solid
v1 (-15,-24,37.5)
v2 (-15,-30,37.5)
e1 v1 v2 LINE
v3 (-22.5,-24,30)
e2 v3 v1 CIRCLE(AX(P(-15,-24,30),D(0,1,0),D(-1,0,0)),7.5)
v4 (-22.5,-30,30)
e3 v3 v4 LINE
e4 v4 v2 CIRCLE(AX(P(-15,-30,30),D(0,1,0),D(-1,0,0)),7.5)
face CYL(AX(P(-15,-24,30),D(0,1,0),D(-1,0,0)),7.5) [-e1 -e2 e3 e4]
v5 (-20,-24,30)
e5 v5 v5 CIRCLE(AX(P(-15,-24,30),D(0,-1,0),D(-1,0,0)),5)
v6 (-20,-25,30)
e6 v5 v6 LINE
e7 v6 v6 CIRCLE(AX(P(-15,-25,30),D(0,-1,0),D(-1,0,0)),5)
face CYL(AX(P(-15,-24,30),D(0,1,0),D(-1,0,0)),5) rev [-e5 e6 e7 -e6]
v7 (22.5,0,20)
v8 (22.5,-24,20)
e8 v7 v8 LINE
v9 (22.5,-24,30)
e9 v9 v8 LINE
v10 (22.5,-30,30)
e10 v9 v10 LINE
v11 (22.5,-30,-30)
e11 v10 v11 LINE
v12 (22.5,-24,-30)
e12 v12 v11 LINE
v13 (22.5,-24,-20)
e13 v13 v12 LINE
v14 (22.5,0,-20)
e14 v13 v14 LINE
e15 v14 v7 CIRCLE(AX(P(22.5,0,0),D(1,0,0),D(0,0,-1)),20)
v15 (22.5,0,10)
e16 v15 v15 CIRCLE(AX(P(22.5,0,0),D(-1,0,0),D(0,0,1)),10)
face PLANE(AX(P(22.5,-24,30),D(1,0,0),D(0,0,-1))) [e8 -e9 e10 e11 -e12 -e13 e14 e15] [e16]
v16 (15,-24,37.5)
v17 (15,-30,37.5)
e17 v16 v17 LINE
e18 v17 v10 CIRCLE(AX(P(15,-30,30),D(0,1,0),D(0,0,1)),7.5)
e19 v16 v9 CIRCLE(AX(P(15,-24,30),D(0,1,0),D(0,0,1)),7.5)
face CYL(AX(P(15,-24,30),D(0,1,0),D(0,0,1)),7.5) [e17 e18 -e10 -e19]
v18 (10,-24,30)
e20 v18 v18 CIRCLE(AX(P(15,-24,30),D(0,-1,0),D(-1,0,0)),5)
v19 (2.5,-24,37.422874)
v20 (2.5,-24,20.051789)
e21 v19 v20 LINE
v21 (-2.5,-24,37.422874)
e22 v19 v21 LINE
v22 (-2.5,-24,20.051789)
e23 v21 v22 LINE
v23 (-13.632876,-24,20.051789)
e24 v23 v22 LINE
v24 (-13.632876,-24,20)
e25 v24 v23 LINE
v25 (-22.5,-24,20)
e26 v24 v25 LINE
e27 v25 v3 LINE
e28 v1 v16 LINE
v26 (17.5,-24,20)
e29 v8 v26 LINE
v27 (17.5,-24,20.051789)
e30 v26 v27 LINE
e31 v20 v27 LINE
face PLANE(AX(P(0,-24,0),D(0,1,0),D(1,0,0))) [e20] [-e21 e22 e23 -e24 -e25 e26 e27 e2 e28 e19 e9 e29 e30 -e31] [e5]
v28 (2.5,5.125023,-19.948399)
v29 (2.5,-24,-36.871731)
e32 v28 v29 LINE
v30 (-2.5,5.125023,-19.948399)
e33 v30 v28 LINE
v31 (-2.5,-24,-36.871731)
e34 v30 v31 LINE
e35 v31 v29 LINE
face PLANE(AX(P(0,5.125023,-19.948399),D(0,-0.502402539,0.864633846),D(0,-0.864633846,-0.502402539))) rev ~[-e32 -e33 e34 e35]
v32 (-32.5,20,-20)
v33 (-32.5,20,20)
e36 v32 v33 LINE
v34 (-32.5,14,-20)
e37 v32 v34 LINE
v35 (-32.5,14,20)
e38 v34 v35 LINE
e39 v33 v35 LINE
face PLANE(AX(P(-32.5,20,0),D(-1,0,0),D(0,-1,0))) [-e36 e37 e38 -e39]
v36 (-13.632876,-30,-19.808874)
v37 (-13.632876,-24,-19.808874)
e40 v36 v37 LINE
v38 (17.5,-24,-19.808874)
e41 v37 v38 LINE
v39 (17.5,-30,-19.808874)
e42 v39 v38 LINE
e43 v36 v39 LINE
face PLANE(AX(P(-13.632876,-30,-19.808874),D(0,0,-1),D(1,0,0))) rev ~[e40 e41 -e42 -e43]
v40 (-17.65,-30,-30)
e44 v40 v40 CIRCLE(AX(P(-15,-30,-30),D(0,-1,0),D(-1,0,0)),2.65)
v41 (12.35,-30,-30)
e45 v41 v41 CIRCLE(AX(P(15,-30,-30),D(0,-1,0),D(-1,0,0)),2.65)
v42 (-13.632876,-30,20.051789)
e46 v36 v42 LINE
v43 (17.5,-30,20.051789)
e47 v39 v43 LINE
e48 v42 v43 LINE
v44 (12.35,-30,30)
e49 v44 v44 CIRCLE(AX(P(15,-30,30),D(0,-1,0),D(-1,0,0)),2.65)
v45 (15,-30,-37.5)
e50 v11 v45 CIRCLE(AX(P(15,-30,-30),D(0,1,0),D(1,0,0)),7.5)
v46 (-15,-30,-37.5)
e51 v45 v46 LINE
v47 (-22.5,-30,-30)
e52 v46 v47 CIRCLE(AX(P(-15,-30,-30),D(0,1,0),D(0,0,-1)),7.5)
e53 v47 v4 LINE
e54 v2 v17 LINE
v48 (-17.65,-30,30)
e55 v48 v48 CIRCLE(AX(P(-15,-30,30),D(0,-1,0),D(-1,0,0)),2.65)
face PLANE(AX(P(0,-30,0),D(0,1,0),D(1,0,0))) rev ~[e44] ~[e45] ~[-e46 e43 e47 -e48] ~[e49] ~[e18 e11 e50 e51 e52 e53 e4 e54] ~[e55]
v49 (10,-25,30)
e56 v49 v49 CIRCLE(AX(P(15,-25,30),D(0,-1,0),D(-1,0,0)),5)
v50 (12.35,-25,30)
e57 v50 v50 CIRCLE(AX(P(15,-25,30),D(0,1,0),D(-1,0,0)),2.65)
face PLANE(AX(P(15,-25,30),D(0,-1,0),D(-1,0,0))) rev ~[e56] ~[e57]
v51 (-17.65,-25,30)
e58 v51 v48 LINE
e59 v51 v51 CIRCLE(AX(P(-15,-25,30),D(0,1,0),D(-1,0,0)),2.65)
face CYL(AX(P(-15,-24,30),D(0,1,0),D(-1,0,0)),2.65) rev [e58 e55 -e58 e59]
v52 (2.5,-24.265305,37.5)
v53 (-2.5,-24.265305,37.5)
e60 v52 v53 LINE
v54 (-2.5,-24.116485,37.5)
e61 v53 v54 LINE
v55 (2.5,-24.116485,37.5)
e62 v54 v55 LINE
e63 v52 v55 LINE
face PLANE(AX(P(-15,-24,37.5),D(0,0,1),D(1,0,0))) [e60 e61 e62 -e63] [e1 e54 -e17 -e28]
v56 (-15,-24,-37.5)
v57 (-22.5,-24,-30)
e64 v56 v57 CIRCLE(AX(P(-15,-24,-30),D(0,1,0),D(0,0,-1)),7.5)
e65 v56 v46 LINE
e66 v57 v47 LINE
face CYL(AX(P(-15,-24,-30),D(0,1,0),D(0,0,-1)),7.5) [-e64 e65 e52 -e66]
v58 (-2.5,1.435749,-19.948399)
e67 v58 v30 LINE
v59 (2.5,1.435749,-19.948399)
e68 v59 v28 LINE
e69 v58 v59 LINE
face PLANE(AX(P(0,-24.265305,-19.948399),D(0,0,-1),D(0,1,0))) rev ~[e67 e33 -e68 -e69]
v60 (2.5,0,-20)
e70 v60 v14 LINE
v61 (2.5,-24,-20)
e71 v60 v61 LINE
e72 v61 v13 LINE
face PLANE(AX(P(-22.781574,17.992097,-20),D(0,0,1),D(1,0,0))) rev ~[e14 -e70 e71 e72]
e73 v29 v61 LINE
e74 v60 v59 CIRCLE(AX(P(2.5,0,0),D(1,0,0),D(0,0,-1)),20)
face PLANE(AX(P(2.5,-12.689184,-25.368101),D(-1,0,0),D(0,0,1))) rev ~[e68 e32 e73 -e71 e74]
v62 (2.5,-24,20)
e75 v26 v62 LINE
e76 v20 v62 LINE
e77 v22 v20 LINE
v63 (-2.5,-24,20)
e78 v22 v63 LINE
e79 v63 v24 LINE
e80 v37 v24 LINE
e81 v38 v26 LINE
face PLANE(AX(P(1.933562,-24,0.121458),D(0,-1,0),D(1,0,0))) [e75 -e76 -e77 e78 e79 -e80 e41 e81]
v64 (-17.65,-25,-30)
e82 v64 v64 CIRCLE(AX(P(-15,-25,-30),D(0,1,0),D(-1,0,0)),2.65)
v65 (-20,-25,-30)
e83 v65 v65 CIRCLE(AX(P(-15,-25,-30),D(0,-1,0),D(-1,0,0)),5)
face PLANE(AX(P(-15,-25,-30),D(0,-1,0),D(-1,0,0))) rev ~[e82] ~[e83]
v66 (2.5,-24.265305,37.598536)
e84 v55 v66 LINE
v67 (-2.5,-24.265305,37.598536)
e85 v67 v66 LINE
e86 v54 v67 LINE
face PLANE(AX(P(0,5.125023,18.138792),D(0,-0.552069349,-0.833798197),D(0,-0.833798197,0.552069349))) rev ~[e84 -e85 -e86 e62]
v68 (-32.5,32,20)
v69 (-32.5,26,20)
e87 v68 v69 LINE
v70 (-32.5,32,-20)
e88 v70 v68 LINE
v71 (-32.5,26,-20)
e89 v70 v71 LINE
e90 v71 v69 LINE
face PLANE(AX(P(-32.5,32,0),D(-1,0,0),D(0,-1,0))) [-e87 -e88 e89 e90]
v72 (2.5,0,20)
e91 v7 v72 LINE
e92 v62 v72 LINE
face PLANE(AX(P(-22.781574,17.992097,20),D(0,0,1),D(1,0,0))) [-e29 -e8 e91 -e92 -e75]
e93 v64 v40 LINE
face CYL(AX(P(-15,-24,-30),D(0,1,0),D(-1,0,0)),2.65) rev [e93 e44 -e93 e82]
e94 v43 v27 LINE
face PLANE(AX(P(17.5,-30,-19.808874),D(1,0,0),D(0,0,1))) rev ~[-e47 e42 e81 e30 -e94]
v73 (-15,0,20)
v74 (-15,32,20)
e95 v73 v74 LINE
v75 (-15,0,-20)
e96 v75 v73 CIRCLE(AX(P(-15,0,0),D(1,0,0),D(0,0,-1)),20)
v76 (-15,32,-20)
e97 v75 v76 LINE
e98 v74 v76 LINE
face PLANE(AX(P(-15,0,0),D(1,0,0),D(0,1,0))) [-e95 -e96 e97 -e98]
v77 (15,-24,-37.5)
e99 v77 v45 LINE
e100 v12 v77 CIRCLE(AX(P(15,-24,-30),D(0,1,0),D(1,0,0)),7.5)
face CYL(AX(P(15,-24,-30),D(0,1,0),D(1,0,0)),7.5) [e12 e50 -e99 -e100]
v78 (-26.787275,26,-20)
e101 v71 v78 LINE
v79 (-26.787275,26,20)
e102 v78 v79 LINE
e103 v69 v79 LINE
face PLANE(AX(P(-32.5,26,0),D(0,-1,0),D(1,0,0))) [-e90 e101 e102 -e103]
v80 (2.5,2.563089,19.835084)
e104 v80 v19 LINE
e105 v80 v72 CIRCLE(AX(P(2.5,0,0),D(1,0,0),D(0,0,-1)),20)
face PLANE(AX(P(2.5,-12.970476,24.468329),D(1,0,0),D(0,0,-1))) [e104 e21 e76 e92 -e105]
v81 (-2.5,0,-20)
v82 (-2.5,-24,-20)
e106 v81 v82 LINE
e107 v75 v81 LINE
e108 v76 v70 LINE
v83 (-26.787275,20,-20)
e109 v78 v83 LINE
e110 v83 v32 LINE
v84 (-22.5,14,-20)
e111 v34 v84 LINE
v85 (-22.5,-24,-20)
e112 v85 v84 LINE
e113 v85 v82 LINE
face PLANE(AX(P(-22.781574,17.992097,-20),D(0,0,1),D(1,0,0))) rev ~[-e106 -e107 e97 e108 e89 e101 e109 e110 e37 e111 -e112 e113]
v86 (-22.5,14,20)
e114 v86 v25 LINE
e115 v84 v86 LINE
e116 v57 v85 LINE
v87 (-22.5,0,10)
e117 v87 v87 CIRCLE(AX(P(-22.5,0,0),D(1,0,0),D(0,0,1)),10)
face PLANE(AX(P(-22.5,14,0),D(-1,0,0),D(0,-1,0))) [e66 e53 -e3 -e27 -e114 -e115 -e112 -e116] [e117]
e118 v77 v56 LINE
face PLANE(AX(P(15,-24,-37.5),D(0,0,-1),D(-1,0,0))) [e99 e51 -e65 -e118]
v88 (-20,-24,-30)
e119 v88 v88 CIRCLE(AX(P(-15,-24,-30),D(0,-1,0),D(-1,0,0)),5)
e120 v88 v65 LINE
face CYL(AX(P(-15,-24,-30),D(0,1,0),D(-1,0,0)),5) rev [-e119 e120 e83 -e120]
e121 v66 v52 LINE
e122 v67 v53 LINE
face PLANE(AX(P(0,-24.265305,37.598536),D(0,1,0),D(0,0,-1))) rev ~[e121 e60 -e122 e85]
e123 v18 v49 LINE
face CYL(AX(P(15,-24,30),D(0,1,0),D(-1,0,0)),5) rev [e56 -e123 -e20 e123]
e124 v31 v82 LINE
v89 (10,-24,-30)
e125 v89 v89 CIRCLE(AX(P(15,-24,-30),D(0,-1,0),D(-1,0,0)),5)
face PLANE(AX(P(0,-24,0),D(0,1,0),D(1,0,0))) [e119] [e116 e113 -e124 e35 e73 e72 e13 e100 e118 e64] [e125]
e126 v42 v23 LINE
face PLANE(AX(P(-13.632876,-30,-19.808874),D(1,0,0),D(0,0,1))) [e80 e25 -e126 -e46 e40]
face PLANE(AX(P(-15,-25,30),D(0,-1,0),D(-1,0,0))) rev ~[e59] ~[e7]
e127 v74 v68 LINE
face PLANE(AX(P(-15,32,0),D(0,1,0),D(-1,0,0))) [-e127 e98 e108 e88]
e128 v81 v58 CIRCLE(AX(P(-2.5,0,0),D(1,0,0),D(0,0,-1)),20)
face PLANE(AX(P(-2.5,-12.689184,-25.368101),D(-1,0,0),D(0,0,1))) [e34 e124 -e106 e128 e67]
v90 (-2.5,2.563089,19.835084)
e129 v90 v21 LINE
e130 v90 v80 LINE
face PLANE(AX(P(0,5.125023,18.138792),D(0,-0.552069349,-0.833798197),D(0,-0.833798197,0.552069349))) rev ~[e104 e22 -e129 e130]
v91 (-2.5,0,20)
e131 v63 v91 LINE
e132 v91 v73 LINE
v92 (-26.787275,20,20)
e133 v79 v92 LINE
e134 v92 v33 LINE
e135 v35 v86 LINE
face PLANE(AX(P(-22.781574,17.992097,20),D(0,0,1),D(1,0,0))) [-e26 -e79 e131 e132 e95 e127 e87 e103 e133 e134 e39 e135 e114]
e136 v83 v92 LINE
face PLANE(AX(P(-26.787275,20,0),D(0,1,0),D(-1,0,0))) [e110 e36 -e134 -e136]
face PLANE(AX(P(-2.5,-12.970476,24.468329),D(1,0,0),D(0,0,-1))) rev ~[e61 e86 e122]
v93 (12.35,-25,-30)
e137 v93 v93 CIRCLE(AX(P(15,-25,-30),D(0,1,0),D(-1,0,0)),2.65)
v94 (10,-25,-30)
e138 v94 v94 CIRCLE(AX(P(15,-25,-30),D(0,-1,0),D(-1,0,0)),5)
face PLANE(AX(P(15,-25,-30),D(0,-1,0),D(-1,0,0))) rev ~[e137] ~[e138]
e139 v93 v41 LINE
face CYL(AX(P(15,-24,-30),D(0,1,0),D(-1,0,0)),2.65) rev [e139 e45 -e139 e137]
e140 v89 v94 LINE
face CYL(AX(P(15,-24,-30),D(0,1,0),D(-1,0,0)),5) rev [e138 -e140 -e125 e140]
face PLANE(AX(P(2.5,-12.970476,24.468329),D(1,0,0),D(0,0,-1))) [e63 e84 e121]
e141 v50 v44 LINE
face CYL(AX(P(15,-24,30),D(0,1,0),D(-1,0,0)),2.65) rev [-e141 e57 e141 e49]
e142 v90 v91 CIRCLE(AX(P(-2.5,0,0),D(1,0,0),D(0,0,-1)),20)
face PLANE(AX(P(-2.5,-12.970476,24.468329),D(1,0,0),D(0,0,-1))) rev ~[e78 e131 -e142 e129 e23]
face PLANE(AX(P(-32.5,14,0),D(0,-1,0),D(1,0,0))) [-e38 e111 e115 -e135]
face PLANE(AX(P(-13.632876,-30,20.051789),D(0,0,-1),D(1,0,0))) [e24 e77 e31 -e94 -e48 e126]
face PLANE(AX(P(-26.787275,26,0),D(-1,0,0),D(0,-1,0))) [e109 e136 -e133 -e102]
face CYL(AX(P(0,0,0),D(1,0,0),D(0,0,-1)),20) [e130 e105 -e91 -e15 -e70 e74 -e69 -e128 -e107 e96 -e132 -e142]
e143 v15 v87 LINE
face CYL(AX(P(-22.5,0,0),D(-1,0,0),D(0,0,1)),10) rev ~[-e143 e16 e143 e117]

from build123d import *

# Parameters (mm, degrees)
CROQUIS1_R              = 10
SALIENTE_EXTRUIR1_DEPTH = 22.5
CROQUIS3_R              = 2.65
SALIENTE_EXTRUIR2_DEPTH = 6
CROQUIS5_R              = 5
CORTAR_EXTRUIR1_DEPTH   = 1
SALIENTE_EXTRUIR3_DEPTH = 20
CROQUIS8_R              = 10
CORTAR_EXTRUIR2_DEPTH   = 45
SALIENTE_EXTRUIR4_DEPTH = 2.5
CROQUIS15_W             = 31.132875884
CROQUIS15_H             = 39.860662673
CORTAR_EXTRUIR3_DEPTH   = 6


with BuildPart() as part:
    # Croquis1 → Saliente-Extruir1 (new body, symmetric)
    with BuildSketch(Plane(origin=(0, 0, 0), x_dir=(0, 0, -1), z_dir=(1, 0, 0))):
        with BuildLine():
            Line((-20, -24), (20, -24))
            Line((20, -24), (20, 0))
            ThreePointArc((20, 0), (0, 20), (-20, 0))
            Line((-20, 0), (-20, -24))
        make_face()
        Circle(CROQUIS1_R, mode=Mode.SUBTRACT)
    extrude(amount=SALIENTE_EXTRUIR1_DEPTH, both=True)

    # Croquis3 → Saliente-Extruir2 (add)
    with BuildSketch(Plane(origin=(0, -24, 0), x_dir=(-1, 0, 0), z_dir=(0, -1, 0))):
        with BuildLine():
            Line((22.5, 30), (22.5, 18.749800444))
            Line((22.5, 18.749800444), (22.5, -30))
            ThreePointArc((22.5, -30), (20.303300859, -35.303300859), (15, -37.5))
            Line((15, -37.5), (-15, -37.5))
            ThreePointArc((-15, -37.5), (-20.303300859, -35.303300859), (-22.5, -30))
            Line((-22.5, -30), (-22.5, 30))
            ThreePointArc((-22.5, 30), (-20.303300859, 35.303300859), (-15, 37.5))
            Line((-15, 37.5), (15, 37.5))
            ThreePointArc((15, 37.5), (20.303300859, 35.303300859), (22.5, 30))
        make_face()
        with Locations((15, 30)):
            Circle(CROQUIS3_R, mode=Mode.SUBTRACT)
        with Locations((-15, 30)):
            Circle(CROQUIS3_R, mode=Mode.SUBTRACT)
        with Locations((15, -30)):
            Circle(CROQUIS3_R, mode=Mode.SUBTRACT)
        with Locations((-15, -30)):
            Circle(CROQUIS3_R, mode=Mode.SUBTRACT)
    extrude(amount=SALIENTE_EXTRUIR2_DEPTH)

    # Croquis5 → Cortar-Extruir1 (cut)
    with BuildSketch(Plane(origin=(0, -24, 0), x_dir=(-1, 0, 0), z_dir=(0, -1, 0))):
        with Locations((15, 30)):
            Circle(CROQUIS5_R)
        with Locations((-15, 30)):
            Circle(CROQUIS5_R)
        with Locations((15, -30)):
            Circle(CROQUIS5_R)
        with Locations((-15, -30)):
            Circle(CROQUIS5_R)
    extrude(amount=CORTAR_EXTRUIR1_DEPTH, mode=Mode.SUBTRACT)

    # Croquis6 → Saliente-Extruir3 (add, symmetric)
    with BuildSketch(Plane.XY):
        Polygon((-15, 20.067860351), (-15, 32), (-32.5, 32), (-32.5, 26), (-26.787274513, 26), (-26.787274513, 20), (-32.5, 20), (-32.5, 14), (-22.5, 14), (-22.5, 0), (-15, 0), align=None)
    extrude(amount=SALIENTE_EXTRUIR3_DEPTH, both=True)

    # Croquis8 → Cortar-Extruir2 (cut)
    with BuildSketch(Plane.ZY.offset(22.5)):
        Circle(CROQUIS8_R)
    extrude(amount=-CORTAR_EXTRUIR2_DEPTH, mode=Mode.SUBTRACT)

    # Croquis10 → Saliente-Extruir4 (add, symmetric)
    with BuildSketch(Plane(origin=(0, 0, 0), x_dir=(0, 0, -1), z_dir=(1, 0, 0))):
        Polygon((-18.138791867, 5.125023494), (-37.598536218, -24.265305437), (-18.138791867, -24.265305437), align=None)
        Polygon((37.025889105, -24.265305437), (19.948399075, -24.265305437), (19.948399075, 5.125023494), align=None)
    extrude(amount=SALIENTE_EXTRUIR4_DEPTH, both=True)

    # Croquis15 → Cortar-Extruir3 (cut)
    with BuildSketch(Plane.XZ.offset(30)):
        with Locations((1.933562058, 0.121457578)):
            Rectangle(CROQUIS15_W, CROQUIS15_H)
    extrude(amount=-CORTAR_EXTRUIR3_DEPTH, mode=Mode.SUBTRACT)


solid = part.part
